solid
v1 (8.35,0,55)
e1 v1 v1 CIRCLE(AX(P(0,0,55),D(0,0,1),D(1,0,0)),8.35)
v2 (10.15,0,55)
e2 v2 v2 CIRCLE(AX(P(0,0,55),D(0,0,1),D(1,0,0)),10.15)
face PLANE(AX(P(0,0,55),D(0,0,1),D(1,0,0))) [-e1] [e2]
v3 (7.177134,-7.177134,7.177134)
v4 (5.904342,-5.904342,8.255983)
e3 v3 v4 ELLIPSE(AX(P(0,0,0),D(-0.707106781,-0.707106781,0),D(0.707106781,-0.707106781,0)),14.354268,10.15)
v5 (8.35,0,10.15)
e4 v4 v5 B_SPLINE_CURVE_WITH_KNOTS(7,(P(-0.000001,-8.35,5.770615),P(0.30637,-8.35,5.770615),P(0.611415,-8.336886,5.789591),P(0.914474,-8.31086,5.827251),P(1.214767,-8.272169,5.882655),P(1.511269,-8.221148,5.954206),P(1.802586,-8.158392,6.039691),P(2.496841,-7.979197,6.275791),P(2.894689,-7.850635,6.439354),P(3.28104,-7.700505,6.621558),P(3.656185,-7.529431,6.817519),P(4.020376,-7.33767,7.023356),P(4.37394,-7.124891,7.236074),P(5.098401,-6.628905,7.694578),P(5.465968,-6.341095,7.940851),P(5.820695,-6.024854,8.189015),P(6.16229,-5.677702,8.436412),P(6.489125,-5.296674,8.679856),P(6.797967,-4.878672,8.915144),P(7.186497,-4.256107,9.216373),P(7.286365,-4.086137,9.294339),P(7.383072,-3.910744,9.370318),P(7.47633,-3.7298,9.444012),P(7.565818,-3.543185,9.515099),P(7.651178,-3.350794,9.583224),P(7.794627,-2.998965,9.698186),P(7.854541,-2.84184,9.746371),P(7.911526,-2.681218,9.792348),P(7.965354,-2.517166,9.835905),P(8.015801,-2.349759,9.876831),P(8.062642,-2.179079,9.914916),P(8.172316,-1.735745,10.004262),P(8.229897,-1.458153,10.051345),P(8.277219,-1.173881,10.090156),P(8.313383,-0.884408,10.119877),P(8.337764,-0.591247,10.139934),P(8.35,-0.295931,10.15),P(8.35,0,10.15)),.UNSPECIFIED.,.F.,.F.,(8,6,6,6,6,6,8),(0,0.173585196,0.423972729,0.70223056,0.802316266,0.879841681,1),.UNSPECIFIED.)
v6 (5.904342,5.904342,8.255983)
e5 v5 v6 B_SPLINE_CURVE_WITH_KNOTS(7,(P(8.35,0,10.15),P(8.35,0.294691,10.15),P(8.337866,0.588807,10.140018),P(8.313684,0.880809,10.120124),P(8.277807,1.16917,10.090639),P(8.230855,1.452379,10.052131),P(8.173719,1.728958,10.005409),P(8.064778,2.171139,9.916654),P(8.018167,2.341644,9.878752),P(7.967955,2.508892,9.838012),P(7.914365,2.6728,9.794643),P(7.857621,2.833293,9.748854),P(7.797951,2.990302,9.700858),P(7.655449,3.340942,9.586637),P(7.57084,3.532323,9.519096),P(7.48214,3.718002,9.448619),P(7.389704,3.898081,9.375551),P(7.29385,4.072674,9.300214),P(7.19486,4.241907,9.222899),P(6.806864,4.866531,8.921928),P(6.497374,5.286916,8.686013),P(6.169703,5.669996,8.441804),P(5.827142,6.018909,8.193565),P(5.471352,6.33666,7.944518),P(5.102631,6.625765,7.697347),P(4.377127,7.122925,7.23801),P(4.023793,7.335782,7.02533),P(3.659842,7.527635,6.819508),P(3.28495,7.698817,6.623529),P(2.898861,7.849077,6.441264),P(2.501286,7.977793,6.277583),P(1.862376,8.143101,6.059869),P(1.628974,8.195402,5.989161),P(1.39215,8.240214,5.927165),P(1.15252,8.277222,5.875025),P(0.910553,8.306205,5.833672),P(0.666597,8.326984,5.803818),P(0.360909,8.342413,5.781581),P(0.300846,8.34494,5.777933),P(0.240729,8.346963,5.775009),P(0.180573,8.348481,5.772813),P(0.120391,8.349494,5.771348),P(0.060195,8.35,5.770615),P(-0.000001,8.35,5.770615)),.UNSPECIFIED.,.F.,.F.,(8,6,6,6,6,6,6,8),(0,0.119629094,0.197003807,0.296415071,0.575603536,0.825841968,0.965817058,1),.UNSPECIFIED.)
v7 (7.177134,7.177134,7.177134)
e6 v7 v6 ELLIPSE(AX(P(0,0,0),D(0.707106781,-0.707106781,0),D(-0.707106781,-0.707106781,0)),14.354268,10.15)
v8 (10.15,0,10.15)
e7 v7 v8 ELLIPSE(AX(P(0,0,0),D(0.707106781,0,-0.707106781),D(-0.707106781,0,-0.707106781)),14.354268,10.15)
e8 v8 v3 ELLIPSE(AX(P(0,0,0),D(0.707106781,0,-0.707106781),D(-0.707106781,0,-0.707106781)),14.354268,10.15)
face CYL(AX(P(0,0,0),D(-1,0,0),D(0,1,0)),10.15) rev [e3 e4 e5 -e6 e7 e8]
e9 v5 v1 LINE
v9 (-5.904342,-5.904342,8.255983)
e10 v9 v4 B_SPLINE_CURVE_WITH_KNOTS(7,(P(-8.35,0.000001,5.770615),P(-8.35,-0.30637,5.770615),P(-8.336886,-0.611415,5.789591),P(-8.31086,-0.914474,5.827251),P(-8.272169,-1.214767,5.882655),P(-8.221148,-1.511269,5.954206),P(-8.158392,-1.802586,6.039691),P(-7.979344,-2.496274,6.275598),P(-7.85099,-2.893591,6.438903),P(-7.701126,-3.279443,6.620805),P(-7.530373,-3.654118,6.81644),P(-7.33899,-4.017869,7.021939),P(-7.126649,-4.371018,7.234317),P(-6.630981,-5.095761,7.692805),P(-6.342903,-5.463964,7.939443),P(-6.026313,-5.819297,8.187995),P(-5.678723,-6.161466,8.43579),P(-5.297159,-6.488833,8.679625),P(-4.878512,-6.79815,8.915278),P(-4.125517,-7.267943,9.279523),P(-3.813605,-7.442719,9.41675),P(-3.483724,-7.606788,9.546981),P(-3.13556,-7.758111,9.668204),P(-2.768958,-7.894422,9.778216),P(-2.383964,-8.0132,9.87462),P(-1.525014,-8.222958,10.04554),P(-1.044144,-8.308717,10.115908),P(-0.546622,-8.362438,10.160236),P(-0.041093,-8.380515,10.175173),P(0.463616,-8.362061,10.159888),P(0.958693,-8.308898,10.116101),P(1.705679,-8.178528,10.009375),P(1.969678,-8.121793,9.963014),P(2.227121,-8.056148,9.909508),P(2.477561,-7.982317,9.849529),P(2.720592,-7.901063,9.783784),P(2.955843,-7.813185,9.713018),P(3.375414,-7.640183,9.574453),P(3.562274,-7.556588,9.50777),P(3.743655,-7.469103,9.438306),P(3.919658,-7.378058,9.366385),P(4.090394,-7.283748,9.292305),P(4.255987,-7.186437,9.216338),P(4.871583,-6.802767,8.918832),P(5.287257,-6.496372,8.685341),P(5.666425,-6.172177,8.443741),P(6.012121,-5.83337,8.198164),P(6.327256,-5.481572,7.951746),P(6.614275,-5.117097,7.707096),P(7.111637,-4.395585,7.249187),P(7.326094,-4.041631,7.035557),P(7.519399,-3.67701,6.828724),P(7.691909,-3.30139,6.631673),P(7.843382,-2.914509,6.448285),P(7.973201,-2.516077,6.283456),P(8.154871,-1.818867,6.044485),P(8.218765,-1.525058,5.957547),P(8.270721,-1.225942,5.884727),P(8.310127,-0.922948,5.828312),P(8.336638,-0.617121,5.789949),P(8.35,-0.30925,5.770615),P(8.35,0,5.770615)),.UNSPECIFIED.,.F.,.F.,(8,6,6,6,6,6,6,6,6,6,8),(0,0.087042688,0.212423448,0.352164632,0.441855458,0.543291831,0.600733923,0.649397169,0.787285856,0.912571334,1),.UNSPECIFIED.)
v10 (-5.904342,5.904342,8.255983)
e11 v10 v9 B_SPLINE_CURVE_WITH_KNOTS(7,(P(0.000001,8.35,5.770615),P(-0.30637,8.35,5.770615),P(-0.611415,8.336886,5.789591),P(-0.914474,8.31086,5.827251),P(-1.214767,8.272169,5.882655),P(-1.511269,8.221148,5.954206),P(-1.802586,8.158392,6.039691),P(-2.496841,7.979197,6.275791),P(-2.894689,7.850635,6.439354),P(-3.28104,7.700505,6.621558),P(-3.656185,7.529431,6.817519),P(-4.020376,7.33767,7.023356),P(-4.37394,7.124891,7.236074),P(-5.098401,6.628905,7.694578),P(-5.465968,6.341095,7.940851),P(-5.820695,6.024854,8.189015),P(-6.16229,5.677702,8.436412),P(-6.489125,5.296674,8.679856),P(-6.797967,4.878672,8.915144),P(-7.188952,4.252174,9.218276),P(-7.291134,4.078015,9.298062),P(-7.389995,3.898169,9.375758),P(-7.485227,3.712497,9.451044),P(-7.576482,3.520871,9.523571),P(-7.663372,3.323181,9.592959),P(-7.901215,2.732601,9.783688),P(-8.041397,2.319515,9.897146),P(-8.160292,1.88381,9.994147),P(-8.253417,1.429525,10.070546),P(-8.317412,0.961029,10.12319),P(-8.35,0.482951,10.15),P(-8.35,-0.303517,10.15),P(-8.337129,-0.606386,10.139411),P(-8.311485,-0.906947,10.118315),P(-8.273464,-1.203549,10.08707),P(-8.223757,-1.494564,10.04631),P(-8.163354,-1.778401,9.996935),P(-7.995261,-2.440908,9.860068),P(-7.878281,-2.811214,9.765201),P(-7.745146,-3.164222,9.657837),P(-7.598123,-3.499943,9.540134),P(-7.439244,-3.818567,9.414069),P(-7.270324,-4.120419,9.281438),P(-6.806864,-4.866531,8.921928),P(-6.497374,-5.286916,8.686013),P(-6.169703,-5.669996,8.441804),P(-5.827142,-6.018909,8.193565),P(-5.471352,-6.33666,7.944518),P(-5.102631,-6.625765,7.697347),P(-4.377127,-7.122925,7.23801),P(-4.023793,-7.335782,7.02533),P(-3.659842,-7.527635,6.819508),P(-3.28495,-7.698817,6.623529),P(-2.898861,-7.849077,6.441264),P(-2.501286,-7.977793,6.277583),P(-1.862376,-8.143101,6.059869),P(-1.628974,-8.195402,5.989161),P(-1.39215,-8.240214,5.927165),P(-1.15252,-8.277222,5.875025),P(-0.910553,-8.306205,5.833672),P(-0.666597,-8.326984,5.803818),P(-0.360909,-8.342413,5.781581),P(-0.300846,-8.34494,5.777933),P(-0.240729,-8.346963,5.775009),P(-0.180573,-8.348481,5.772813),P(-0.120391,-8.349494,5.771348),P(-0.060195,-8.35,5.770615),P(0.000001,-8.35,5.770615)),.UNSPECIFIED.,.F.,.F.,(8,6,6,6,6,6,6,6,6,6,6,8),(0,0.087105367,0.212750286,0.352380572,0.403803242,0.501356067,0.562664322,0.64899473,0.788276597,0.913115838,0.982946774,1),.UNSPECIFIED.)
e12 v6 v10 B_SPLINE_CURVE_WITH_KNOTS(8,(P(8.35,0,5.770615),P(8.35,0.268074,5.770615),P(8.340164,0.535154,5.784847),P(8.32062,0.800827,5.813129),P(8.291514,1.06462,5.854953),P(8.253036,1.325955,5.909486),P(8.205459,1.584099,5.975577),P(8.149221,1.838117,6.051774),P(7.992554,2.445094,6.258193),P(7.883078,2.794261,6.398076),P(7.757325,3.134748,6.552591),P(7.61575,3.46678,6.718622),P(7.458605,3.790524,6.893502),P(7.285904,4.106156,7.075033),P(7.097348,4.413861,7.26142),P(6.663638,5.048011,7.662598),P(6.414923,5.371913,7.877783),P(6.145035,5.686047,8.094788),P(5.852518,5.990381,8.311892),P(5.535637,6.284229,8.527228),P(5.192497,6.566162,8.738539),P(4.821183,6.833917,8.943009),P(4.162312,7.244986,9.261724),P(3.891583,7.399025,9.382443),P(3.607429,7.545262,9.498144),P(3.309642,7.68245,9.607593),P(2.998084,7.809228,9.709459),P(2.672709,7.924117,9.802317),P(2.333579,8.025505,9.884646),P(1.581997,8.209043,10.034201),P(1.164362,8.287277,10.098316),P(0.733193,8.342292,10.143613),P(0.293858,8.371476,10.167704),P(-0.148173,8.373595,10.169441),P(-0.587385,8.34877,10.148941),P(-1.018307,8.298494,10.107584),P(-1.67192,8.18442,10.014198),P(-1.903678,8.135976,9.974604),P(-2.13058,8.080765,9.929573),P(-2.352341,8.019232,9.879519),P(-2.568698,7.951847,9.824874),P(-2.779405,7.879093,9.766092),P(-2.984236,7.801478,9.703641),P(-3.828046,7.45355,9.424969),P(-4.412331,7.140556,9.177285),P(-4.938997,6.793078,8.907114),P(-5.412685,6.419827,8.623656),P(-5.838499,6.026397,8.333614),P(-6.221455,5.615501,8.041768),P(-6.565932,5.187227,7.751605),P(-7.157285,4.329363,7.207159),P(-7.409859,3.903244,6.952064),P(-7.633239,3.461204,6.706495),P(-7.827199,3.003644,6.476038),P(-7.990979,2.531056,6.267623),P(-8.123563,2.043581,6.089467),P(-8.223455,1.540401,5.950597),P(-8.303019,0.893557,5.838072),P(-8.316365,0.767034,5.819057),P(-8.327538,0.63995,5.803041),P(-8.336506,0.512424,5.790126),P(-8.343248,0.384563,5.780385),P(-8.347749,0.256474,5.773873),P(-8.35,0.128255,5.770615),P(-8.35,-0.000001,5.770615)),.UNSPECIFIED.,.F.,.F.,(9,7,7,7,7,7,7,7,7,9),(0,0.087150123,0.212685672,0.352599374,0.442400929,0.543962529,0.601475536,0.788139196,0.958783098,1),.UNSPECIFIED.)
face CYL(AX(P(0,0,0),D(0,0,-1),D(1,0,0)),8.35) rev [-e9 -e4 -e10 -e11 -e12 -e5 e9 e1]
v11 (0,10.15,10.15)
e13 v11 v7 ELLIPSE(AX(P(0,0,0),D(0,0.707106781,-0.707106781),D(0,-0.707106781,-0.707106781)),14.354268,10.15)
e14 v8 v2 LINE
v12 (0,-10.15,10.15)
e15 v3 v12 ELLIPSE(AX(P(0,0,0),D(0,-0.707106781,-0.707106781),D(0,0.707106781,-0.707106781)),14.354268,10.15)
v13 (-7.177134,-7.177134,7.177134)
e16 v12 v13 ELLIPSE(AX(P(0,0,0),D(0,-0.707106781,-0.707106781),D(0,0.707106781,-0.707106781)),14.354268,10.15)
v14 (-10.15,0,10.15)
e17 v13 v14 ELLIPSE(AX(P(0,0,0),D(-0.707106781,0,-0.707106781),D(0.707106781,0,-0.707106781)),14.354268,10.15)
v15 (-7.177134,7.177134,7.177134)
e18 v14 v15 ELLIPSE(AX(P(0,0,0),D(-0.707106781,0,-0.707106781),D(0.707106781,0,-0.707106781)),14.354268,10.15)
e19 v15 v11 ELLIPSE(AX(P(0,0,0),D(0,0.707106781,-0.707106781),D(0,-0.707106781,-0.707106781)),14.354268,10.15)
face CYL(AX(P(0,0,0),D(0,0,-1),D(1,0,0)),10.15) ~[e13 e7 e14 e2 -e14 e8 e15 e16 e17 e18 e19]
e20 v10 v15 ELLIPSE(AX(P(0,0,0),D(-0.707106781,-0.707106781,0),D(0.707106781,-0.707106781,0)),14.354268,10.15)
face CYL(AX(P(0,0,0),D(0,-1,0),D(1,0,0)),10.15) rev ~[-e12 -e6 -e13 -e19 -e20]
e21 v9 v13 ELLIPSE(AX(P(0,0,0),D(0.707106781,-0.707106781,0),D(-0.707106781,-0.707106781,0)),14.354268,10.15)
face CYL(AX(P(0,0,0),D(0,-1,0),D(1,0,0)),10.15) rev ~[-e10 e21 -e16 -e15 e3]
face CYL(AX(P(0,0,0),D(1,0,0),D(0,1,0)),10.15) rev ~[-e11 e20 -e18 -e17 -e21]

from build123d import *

# Parameters (mm, degrees)
SKETCH008_R          = 10.15
SKETCH008_R_2        = 8.35
PAD006_DEPTH         = 55
SKETCH009_R          = 10.15
POCKET002_DEPTH      = 10.15
POCKET002_DEPTH_BACK = 10.15
SKETCH010_R          = 10.15
POCKET003_DEPTH      = 10.15
POCKET003_DEPTH_BACK = 10.15


with BuildPart() as part:
    # Sketch008 → Pad006 (new body)
    with BuildSketch(Plane.XY):
        Circle(SKETCH008_R)
        Circle(SKETCH008_R_2, mode=Mode.SUBTRACT)
    extrude(amount=PAD006_DEPTH)

    # Sketch009 → Pocket002 (cut, two sides)
    with BuildSketch(Plane.XZ) as pocket002_sk:
        Circle(SKETCH009_R)
    extrude(amount=-POCKET002_DEPTH, mode=Mode.SUBTRACT)
    extrude(pocket002_sk.sketch, amount=POCKET002_DEPTH_BACK, mode=Mode.SUBTRACT)

    # Sketch010 → Pocket003 (cut, two sides)
    with BuildSketch(Plane.YZ) as pocket003_sk:
        Circle(SKETCH010_R)
    extrude(amount=-POCKET003_DEPTH, mode=Mode.SUBTRACT)
    extrude(pocket003_sk.sketch, amount=POCKET003_DEPTH_BACK, mode=Mode.SUBTRACT)


solid = part.part
